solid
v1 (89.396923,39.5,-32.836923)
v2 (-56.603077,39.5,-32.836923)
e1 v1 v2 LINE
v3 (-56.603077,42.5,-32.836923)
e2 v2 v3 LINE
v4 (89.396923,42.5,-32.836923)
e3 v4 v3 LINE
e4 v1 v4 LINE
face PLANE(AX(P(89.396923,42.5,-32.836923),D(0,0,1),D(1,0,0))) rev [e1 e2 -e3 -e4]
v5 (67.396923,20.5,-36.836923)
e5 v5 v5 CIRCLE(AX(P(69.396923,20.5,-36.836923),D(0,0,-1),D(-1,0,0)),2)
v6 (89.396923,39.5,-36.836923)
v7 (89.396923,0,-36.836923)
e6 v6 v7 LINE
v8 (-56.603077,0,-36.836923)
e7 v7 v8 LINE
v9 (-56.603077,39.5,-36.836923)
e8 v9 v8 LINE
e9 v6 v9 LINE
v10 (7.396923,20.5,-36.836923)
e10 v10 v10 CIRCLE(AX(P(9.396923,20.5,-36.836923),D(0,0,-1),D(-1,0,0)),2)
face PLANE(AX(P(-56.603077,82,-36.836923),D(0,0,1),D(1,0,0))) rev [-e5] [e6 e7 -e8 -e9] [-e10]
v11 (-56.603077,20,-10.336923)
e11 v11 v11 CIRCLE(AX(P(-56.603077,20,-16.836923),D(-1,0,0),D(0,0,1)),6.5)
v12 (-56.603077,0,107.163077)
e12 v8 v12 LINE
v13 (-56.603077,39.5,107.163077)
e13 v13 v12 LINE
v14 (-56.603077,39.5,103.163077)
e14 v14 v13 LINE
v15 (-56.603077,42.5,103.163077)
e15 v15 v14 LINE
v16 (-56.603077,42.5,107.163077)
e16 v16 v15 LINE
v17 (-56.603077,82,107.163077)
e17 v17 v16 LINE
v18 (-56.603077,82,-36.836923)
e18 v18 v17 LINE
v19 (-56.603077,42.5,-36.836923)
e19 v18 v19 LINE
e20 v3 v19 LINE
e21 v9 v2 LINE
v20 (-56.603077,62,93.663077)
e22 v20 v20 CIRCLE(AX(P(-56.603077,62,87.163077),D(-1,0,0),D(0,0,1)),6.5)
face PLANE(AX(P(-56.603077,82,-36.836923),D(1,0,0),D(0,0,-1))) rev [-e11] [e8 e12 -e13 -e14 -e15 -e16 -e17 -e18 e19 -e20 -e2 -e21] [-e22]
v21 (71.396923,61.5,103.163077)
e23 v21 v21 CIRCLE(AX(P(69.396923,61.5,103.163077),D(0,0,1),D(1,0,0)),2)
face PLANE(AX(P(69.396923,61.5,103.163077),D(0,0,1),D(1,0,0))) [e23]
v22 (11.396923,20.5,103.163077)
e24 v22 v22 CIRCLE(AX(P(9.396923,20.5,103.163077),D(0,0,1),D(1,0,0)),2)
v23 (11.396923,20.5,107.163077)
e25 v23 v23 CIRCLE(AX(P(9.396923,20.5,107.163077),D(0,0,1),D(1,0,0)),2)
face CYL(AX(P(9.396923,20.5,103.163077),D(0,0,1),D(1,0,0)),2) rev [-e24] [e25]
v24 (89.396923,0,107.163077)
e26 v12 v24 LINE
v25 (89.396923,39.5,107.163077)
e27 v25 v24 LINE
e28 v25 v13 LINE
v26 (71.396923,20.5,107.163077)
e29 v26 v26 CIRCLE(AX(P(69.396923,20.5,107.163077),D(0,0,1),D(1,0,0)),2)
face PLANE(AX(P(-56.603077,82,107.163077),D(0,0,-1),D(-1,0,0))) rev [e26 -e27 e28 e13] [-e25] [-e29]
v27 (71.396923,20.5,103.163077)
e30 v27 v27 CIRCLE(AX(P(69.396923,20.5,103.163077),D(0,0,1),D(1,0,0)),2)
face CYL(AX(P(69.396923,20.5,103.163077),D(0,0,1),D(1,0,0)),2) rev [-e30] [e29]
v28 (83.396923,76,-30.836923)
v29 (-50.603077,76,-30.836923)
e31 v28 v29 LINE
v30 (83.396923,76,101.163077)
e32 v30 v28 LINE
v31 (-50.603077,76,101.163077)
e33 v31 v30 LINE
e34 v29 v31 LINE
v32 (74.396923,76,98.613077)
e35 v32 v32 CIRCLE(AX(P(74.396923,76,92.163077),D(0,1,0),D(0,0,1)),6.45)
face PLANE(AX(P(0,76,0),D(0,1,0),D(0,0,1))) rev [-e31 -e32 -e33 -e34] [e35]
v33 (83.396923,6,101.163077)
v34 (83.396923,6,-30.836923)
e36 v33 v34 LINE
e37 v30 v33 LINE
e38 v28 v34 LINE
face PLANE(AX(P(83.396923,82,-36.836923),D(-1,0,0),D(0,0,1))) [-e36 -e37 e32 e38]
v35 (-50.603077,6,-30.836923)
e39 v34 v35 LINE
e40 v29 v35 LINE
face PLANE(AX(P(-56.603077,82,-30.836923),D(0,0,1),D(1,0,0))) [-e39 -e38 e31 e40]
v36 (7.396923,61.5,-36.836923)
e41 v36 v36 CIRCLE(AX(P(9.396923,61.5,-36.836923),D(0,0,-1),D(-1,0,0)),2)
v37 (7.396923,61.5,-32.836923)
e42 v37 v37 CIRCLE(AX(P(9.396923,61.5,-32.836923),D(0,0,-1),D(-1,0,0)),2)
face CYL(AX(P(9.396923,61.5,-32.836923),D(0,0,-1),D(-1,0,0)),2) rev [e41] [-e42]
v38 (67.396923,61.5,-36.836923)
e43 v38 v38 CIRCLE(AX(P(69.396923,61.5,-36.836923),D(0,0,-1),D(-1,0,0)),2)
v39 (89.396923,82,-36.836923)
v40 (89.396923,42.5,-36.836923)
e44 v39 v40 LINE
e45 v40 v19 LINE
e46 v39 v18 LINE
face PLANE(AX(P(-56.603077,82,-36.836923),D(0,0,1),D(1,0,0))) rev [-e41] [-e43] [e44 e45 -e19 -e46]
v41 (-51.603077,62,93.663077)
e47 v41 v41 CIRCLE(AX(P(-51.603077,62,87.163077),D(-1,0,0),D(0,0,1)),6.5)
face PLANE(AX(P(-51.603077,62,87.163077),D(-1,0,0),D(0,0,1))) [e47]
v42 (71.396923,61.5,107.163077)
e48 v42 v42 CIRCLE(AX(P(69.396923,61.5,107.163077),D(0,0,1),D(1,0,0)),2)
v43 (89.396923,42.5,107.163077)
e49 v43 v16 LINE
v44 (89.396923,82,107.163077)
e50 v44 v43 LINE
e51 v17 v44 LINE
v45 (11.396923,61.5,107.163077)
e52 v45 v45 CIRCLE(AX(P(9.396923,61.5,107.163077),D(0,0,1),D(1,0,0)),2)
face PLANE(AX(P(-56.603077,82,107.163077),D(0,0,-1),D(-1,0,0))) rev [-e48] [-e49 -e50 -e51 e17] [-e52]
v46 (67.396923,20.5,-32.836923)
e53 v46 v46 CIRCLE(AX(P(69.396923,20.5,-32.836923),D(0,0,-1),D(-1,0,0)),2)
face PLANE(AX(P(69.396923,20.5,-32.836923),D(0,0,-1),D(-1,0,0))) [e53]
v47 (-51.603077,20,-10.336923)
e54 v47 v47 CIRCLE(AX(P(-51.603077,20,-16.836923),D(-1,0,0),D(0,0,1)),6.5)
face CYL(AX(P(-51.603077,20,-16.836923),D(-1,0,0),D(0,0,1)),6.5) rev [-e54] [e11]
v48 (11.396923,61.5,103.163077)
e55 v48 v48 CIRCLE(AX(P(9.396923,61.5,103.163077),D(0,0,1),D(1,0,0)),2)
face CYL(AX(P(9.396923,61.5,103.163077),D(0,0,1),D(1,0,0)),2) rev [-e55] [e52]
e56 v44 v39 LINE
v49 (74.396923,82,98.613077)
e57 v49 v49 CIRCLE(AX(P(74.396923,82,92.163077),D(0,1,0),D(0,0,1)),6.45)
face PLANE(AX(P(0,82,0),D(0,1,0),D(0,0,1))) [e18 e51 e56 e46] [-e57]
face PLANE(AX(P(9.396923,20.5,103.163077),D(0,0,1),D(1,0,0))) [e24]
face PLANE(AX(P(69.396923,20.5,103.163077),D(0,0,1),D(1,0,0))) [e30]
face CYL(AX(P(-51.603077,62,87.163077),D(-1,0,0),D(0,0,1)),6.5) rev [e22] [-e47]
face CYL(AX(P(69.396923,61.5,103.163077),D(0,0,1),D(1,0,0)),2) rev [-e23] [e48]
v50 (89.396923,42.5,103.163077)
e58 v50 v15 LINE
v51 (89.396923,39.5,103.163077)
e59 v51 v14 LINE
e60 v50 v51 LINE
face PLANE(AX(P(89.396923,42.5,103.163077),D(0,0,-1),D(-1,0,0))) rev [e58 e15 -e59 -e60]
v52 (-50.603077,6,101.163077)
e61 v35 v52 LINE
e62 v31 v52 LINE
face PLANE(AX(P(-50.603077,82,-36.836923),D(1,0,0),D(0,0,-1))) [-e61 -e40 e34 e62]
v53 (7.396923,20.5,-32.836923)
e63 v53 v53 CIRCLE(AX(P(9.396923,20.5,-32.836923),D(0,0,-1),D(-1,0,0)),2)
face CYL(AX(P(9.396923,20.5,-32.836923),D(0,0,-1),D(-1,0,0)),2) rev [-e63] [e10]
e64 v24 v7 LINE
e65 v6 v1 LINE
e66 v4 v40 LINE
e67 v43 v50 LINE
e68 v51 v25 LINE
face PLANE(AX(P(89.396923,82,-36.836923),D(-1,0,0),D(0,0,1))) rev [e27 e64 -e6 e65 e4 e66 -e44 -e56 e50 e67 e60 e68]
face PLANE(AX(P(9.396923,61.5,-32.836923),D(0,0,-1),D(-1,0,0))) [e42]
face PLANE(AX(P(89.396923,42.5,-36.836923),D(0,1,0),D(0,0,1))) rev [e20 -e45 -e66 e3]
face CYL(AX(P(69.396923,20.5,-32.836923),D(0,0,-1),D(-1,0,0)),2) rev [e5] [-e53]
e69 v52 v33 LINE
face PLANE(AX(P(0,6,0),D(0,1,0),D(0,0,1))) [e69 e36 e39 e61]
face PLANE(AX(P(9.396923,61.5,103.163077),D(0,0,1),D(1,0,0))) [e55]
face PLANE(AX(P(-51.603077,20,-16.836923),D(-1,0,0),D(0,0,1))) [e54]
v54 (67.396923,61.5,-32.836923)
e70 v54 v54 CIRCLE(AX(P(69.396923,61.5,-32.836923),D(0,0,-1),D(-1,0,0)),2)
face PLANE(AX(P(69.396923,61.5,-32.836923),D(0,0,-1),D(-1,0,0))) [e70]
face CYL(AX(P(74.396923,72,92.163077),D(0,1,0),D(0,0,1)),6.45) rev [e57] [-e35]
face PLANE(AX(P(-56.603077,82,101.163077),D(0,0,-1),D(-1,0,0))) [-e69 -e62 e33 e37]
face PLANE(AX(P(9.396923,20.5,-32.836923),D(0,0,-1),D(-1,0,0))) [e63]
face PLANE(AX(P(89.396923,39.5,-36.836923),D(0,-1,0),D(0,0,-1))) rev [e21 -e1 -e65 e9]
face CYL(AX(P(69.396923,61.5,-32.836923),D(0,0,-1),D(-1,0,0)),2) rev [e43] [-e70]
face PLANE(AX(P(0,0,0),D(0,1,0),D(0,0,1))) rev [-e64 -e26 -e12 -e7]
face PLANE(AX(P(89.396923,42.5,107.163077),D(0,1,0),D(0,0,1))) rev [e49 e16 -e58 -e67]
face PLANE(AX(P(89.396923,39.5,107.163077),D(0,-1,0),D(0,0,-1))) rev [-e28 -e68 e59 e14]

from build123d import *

# Parameters (mm, degrees)
SKETCH1_W           = 146
SKETCH1_H           = 144
BOSS_EXTRUDE1_DEPTH = 82
SHELL1_T            = 6
SKETCH2_R           = 6.45
CUT_EXTRUDE1_DEPTH  = 10
SKETCH3_R           = 6.5
CUT_EXTRUDE2_DEPTH  = 5
SKETCH4_W           = 4
SKETCH4_H           = 3
CUT_EXTRUDE3_DEPTH  = 199.806250042
SKETCH5_R           = 2
CUT_EXTRUDE4_DEPTH  = 4
CUT_EXTRUDE5_START  = -4
SKETCH6_R           = 2
CUT_EXTRUDE5_DEPTH  = 4


with BuildPart() as part:
    # Sketch1 → Boss-Extrude1 (new body)
    with BuildSketch(Plane(origin=(0, 0, 0), x_dir=(1, 0, 0), z_dir=(0, 1, 0))):
        with Locations((16.396923077, -35.163076923)):
            Rectangle(SKETCH1_W, SKETCH1_H)
    extrude(amount=BOSS_EXTRUDE1_DEPTH)

    # Shell1 (no face opened: a closed hollow body)
    add(offset(amount=-SHELL1_T, mode=Mode.PRIVATE), mode=Mode.SUBTRACT)

    # Sketch2 → Cut-Extrude1 (cut)
    with BuildSketch(Plane(origin=(0, 82, 0), x_dir=(1, 0, 0), z_dir=(0, 1, 0))):
        with Locations(Location((74.396923077, -92.163076923, 0), (0, 0, 270))):
            Circle(SKETCH2_R)
    extrude(amount=-CUT_EXTRUDE1_DEPTH, mode=Mode.SUBTRACT)

    # Sketch3 → Cut-Extrude2 (cut)
    with BuildSketch(Plane.ZY.offset(56.603076923)):
        with Locations((87.163076923, 62)):
            Circle(SKETCH3_R)
        with Locations((-16.836923077, 20)):
            Circle(SKETCH3_R)
    extrude(amount=-CUT_EXTRUDE2_DEPTH, mode=Mode.SUBTRACT)

    # Sketch4 → Cut-Extrude3 (cut, through all)
    with BuildSketch(Plane.ZY.offset(56.603076923)):
        with Locations((-34.836923077, 41)):
            Rectangle(SKETCH4_W, SKETCH4_H)
        with Locations((105.163076923, 41)):
            Rectangle(SKETCH4_W, SKETCH4_H)
    extrude(amount=-CUT_EXTRUDE3_DEPTH, mode=Mode.SUBTRACT)

    # Sketch5 → Cut-Extrude4 (cut)
    with BuildSketch(Plane.XY.offset(107.163076923)):
        with Locations((69.396923077, 61.5)):
            Circle(SKETCH5_R)
        with Locations((9.396923077, 61.5)):
            Circle(SKETCH5_R)
        with Locations((9.396923077, 20.5)):
            Circle(SKETCH5_R)
        with Locations((69.396923077, 20.5)):
            Circle(SKETCH5_R)
    extrude(amount=-CUT_EXTRUDE4_DEPTH, mode=Mode.SUBTRACT)

    # Sketch6 → Cut-Extrude5 (cut)
    with BuildSketch(Plane(origin=(0, 0, -36.836923077), x_dir=(-1, 0, 0), z_dir=(0, 0, -1)).offset(CUT_EXTRUDE5_START)):
        with Locations(Location((-9.396923077, 61.5, 0), (0, 0, 180))):
            Circle(SKETCH6_R)
        with Locations(Location((-69.396923077, 61.5, 0), (0, 0, 180))):
            Circle(SKETCH6_R)
        with Locations(Location((-69.396923077, 20.5, 0), (0, 0, 180))):
            Circle(SKETCH6_R)
        with Locations(Location((-9.396923077, 20.5, 0), (0, 0, 180))):
            Circle(SKETCH6_R)
    extrude(amount=CUT_EXTRUDE5_DEPTH, mode=Mode.SUBTRACT)


solid = part.part
